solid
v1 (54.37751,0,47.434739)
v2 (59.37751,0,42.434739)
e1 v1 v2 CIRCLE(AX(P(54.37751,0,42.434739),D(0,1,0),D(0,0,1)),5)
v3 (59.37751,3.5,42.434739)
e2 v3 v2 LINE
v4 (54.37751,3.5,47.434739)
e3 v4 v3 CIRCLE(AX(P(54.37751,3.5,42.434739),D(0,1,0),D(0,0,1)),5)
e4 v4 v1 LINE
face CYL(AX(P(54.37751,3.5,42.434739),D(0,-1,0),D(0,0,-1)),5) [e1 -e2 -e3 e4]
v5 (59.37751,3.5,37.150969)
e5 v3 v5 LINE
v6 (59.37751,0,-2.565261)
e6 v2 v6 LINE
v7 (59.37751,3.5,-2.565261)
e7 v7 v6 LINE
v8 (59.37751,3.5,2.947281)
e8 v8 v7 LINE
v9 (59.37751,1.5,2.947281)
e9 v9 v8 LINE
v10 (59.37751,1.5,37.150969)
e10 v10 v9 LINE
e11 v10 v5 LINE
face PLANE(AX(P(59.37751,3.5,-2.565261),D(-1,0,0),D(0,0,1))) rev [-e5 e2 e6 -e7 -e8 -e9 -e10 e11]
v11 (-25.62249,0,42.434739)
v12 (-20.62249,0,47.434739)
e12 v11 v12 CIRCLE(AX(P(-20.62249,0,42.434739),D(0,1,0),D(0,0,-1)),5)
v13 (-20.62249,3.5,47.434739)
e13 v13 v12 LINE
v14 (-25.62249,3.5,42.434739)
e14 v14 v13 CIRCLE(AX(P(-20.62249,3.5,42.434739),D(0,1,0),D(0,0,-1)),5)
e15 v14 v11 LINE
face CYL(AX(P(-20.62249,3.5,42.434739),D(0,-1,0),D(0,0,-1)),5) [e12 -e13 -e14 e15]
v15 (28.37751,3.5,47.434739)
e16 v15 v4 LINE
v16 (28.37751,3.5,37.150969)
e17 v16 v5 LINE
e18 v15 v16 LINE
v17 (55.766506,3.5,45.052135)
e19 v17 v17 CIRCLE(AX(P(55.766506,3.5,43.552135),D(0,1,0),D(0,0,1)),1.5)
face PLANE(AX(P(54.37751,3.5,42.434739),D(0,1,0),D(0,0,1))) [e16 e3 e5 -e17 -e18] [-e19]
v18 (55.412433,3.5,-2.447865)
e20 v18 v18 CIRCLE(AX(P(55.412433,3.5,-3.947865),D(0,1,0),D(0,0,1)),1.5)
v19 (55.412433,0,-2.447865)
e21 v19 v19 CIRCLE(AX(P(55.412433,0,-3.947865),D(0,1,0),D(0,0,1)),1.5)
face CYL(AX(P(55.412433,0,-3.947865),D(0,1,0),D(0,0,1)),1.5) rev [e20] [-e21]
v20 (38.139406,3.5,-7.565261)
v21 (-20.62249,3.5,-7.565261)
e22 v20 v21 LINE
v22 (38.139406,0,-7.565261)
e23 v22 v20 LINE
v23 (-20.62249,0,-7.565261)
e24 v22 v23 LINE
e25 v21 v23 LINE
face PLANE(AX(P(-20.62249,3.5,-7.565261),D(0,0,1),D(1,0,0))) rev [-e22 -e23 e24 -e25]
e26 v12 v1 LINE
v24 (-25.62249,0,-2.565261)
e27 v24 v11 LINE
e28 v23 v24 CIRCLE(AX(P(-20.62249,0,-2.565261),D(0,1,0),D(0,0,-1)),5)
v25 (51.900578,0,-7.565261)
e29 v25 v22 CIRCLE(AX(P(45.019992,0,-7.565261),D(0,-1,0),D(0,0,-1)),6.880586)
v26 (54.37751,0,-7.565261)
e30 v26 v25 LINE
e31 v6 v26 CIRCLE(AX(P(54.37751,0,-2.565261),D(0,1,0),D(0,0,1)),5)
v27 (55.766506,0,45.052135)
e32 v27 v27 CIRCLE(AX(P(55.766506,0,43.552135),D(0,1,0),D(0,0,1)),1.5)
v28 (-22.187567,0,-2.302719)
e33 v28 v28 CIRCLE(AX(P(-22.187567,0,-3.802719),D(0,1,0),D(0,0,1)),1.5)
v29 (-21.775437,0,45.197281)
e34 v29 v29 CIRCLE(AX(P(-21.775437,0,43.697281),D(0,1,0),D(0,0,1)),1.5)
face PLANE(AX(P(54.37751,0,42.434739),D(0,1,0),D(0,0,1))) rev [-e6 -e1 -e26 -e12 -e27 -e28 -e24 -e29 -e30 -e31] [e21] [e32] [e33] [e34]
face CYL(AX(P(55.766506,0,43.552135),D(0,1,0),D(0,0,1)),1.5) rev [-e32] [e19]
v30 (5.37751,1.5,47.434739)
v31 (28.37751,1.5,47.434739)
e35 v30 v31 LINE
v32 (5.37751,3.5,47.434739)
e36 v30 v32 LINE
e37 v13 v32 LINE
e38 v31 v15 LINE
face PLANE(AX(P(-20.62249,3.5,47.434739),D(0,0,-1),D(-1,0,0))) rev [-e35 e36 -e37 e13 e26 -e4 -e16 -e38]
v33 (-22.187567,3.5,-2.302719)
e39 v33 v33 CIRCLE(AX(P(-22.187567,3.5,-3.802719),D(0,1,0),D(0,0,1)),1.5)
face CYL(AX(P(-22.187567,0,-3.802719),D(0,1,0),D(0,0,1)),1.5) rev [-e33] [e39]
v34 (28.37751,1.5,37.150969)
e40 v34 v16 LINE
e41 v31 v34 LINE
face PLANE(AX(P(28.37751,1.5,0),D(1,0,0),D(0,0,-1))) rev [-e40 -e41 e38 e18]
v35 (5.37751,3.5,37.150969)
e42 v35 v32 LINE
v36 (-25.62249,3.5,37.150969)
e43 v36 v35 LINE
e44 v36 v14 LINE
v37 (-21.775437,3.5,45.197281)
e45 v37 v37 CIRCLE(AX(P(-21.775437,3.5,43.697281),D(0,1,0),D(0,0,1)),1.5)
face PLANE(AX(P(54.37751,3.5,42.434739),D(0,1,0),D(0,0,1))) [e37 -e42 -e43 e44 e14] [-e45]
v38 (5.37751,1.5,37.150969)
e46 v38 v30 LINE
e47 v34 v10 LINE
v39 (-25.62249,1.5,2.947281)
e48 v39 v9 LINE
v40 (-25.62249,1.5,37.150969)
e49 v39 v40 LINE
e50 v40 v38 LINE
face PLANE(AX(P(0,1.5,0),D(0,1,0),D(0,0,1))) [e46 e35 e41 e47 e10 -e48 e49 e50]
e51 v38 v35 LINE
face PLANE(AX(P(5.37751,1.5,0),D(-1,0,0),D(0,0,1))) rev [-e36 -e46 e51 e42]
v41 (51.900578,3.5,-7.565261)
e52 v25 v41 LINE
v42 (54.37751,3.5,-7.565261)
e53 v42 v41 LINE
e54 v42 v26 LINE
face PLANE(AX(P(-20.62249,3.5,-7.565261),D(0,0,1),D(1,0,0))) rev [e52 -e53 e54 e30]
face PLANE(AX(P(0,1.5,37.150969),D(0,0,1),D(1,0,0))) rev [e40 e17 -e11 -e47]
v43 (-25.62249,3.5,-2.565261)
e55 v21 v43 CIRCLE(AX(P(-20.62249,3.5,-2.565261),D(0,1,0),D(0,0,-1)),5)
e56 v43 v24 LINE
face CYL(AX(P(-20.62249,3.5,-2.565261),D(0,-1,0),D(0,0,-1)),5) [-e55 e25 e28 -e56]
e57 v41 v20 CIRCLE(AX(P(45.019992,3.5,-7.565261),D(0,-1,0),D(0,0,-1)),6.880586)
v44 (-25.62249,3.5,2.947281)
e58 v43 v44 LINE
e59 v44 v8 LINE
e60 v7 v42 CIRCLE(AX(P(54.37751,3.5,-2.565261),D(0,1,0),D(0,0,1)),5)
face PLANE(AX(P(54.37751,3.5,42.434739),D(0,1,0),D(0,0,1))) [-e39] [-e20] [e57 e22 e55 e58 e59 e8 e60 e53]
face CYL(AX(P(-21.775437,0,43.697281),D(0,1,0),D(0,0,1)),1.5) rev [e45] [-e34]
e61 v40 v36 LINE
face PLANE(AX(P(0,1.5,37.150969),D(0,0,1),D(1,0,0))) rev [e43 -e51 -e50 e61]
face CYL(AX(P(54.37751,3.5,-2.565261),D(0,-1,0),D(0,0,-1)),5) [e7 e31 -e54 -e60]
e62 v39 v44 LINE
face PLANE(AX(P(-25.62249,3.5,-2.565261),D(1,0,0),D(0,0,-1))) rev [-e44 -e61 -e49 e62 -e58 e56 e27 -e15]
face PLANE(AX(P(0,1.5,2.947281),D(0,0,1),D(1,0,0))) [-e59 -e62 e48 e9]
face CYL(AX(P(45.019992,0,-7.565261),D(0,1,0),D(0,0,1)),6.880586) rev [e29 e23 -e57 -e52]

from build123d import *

# Parameters (mm, degrees)
BOSS_EXTRUDE1_DEPTH = 3.5
SKETCH2_R           = 1.5
CUT_EXTRUDE1_DEPTH  = 3.5
SKETCH3_W           = 23
SKETCH3_H           = 10.283770076
CUT_EXTRUDE2_DEPTH  = 2
CUT_EXTRUDE6_DEPTH  = 3.5


with BuildPart() as part:
    # Sketch1 → Boss-Extrude1 (new body)
    with BuildSketch(Plane(origin=(0, 0, 0), x_dir=(1, 0, 0), z_dir=(0, 1, 0))):
        with BuildLine():
            Line((-20.62248996, 7.565261044), (54.37751004, 7.565261044))
            ThreePointArc((54.37751004, 7.565261044), (57.913043946, 6.10079495), (59.37751004, 2.565261044))
            Line((59.37751004, 2.565261044), (59.37751004, -42.434738956))
            ThreePointArc((59.37751004, -42.434738956), (57.913043946, -45.970272862), (54.37751004, -47.434738956))
            Line((54.37751004, -47.434738956), (-20.62248996, -47.434738956))
            ThreePointArc((-20.62248996, -47.434738956), (-24.158023866, -45.970272862), (-25.62248996, -42.434738956))
            Line((-25.62248996, -42.434738956), (-25.62248996, 2.565261044))
            ThreePointArc((-25.62248996, 2.565261044), (-24.158023866, 6.10079495), (-20.62248996, 7.565261044))
        make_face()
    extrude(amount=BOSS_EXTRUDE1_DEPTH)

    # Sketch2 → Cut-Extrude1 (cut)
    with BuildSketch(Plane(origin=(0, 3.5, 0), x_dir=(1, 0, 0), z_dir=(0, 1, 0))):
        with Locations((-22.187566987, 3.802718615)):
            Circle(SKETCH2_R)
        with Locations((55.412433013, 3.947865339)):
            Circle(SKETCH2_R)
        with Locations((55.766505812, -43.552134661)):
            Circle(SKETCH2_R)
        with Locations((-21.775437199, -43.697281385)):
            Circle(SKETCH2_R)
    extrude(amount=-CUT_EXTRUDE1_DEPTH, mode=Mode.SUBTRACT)

    # Sketch3 → Cut-Extrude2 (cut)
    with BuildSketch(Plane(origin=(0, 3.5, 0), x_dir=(1, 0, 0), z_dir=(0, 1, 0))):
        with Locations((16.87751004, -42.292853918)):
            Rectangle(SKETCH3_W, SKETCH3_H)
        Polygon((59.37751004, -2.947281385), (-25.62248996, -2.947281385), (-25.62248996, -37.15096888), (5.37751004, -37.15096888), (28.37751004, -37.15096888), (59.37751004, -37.15096888), align=None)
    extrude(amount=-CUT_EXTRUDE2_DEPTH, mode=Mode.SUBTRACT)

    # Sketch9 → Cut-Extrude6 (cut)
    with BuildSketch(Plane(origin=(0, 3.5, 0), x_dir=(1, 0, 0), z_dir=(0, 1, 0))):
        with BuildLine():
            Line((38.139406345, 7.565261044), (51.719818859, 7.565261044))
            Line((51.719818859, 7.565261044), (51.90057812, 7.565261044))
            ThreePointArc((51.90057812, 7.565261044), (45.019992232, 0.684675157), (38.139406345, 7.565261044))
        make_face()
    extrude(amount=-CUT_EXTRUDE6_DEPTH, mode=Mode.SUBTRACT)


solid = part.part
